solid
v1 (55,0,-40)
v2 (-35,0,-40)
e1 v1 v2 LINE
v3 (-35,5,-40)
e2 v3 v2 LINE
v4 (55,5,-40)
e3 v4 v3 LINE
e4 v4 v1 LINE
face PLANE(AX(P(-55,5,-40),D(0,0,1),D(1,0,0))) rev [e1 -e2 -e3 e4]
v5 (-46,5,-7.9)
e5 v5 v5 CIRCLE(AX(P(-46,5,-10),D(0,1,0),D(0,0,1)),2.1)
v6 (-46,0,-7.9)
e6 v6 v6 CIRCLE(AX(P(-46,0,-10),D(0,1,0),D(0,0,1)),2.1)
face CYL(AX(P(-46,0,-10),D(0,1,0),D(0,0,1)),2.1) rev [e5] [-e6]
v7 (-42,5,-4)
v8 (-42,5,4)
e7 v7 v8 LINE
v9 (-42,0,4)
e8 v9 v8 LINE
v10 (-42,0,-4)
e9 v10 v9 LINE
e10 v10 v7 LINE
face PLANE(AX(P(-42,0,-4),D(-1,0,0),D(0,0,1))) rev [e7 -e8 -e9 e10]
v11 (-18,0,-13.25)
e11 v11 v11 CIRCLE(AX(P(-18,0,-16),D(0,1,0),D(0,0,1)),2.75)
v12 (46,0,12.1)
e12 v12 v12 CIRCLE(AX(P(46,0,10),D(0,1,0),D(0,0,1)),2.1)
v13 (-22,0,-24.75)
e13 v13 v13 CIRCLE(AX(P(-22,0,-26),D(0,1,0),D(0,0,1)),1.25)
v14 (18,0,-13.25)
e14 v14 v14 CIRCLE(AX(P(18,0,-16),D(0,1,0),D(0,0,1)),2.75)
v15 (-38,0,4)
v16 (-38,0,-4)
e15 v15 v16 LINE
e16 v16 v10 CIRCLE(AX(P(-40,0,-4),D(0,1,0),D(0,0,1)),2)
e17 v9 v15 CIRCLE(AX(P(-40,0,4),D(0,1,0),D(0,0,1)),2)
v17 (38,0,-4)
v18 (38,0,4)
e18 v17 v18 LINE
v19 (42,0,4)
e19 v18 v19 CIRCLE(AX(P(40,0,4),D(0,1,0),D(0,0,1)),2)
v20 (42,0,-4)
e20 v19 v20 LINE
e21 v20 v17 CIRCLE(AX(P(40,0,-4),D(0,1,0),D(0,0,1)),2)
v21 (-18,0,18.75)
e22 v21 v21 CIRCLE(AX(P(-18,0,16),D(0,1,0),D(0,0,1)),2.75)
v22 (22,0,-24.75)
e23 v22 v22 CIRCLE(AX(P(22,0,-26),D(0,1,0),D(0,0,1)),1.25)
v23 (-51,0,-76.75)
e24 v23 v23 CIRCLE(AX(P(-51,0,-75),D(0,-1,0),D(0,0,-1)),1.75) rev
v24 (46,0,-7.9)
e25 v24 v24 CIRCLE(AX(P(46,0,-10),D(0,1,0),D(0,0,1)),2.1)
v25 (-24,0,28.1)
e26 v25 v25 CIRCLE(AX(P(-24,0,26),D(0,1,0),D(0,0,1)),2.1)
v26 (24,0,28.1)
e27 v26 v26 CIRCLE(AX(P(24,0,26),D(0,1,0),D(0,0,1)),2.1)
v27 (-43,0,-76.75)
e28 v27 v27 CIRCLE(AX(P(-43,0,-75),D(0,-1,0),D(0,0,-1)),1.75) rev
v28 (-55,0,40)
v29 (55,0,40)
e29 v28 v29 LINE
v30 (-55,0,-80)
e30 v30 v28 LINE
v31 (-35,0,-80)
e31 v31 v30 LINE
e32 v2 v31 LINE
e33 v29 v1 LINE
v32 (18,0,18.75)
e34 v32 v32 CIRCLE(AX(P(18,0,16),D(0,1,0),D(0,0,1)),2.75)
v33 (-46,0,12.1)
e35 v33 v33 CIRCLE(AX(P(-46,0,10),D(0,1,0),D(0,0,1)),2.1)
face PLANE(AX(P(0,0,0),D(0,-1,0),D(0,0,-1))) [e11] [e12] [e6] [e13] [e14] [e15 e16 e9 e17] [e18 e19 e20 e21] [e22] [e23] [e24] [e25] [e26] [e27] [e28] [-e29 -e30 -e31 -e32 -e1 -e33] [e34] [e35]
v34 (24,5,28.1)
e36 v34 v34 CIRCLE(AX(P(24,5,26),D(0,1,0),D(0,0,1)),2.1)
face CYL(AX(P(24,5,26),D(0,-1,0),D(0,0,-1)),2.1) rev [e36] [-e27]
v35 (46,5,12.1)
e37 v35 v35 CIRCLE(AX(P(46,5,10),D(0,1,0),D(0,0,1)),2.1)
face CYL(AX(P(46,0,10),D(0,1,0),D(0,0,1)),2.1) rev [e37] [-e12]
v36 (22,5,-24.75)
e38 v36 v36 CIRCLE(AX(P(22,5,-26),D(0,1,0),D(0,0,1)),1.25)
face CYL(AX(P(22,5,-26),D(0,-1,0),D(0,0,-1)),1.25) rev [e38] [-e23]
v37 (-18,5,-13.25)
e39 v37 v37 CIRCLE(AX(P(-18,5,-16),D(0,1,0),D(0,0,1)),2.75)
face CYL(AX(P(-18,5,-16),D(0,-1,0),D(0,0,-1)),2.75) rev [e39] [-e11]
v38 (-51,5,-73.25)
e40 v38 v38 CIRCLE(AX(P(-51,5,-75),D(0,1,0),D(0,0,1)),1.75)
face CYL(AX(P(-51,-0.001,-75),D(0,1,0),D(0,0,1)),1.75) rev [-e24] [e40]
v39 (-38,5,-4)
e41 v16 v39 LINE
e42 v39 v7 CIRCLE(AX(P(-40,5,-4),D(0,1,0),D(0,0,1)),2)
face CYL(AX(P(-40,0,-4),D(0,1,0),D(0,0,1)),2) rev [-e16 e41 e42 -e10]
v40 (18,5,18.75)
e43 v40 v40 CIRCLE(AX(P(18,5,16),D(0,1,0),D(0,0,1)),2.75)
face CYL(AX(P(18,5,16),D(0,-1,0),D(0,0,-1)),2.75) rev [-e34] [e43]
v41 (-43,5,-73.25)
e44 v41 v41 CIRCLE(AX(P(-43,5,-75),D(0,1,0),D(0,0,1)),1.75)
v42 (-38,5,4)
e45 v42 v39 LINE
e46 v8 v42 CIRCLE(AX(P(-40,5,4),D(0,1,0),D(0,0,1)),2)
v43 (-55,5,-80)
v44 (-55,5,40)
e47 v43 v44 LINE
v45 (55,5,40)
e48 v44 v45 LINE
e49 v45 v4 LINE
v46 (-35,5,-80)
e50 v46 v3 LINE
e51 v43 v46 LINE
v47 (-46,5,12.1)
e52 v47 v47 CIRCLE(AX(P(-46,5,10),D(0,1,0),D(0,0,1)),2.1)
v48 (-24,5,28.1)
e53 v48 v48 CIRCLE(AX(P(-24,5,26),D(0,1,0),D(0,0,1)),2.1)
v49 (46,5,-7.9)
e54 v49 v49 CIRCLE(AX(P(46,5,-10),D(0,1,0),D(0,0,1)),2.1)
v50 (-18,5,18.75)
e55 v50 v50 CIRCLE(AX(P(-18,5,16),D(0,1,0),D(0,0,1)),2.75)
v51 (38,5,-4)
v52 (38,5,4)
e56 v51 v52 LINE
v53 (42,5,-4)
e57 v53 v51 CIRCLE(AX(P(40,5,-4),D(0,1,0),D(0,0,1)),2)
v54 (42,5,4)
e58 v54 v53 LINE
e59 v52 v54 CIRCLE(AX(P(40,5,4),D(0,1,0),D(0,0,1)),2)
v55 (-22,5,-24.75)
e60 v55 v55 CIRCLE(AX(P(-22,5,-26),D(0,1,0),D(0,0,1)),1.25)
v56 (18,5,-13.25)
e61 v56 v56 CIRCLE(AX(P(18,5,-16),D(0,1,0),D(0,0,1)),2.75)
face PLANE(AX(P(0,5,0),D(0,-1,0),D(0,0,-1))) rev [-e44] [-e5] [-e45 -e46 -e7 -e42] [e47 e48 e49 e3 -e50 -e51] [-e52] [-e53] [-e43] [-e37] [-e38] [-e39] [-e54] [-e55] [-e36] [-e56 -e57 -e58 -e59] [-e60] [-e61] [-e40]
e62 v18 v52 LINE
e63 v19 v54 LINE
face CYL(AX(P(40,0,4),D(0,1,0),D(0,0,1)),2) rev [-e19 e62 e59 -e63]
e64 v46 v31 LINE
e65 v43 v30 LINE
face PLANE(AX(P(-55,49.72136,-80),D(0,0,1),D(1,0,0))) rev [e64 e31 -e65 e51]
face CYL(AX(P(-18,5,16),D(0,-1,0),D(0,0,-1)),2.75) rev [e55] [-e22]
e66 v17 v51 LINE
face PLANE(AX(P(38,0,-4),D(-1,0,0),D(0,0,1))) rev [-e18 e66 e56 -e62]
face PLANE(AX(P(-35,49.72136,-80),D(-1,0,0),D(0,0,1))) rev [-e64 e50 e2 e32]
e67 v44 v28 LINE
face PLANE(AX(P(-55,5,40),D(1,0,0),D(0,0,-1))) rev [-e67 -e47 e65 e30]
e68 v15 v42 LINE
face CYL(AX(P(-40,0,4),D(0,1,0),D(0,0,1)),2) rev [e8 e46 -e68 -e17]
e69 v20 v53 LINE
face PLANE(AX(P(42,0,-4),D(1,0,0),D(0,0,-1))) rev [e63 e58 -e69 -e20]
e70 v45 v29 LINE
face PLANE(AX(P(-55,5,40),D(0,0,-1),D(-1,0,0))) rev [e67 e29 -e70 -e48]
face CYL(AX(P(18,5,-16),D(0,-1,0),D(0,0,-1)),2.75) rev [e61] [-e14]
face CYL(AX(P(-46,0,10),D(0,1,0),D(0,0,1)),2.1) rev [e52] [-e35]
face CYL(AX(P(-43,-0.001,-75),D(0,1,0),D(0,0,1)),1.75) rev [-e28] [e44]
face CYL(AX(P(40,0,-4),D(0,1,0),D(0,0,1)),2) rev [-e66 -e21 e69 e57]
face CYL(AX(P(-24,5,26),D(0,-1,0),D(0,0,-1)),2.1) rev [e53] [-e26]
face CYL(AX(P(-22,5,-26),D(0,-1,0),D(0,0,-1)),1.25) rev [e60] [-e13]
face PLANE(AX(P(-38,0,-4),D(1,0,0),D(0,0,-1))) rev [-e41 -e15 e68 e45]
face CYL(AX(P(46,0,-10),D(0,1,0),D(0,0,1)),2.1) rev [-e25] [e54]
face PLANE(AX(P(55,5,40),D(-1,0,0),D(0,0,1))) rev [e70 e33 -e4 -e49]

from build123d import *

# Parameters (mm, degrees)
SKETCH1_W           = 110
SKETCH1_H           = 80
SKETCH1_R           = 2.75
SKETCH1_R_2         = 1.25
SKETCH1_R_3         = 2.1
BOSS_EXTRUDE1_DEPTH = 5
SKETCH2_R           = 2.1
CUT_EXTRUDE1_DEPTH  = 69.190908485
SKETCH7_W           = 20
SKETCH7_H           = 40
BOSS_EXTRUDE2_DEPTH = 5
CUT_EXTRUDE2_REACH  = 99.211
SKETCH8_R           = 1.75


with BuildPart() as part:
    # Sketch1 → Boss-Extrude1 (new body)
    with BuildSketch(Plane(origin=(0, 0, 0), x_dir=(1, 0, 0), z_dir=(0, 1, 0))):
        Rectangle(SKETCH1_W, SKETCH1_H)
        with Locations(Location((-18, 16, 0), (0, 0, 270))):
            Circle(SKETCH1_R, mode=Mode.SUBTRACT)
        with Locations(Location((18, 16, 0), (0, 0, 270))):
            Circle(SKETCH1_R, mode=Mode.SUBTRACT)
        with Locations(Location((18, -16, 0), (0, 0, 270))):
            Circle(SKETCH1_R, mode=Mode.SUBTRACT)
        with Locations(Location((-18, -16, 0), (0, 0, 270))):
            Circle(SKETCH1_R, mode=Mode.SUBTRACT)
        with Locations(Location((-22, 26, 0), (0, 0, 270))):
            Circle(SKETCH1_R_2, mode=Mode.SUBTRACT)
        with Locations(Location((22, 26, 0), (0, 0, 270))):
            Circle(SKETCH1_R_2, mode=Mode.SUBTRACT)
        with Locations(Location((-24, -26, 0), (0, 0, 270))):
            Circle(SKETCH1_R_3, mode=Mode.SUBTRACT)
        with Locations(Location((24, -26, 0), (0, 0, 270))):
            Circle(SKETCH1_R_3, mode=Mode.SUBTRACT)
    extrude(amount=BOSS_EXTRUDE1_DEPTH)

    # Sketch2 → Cut-Extrude1 (cut, through all)
    with BuildSketch(Plane(origin=(0, 5, 0), x_dir=(1, 0, 0), z_dir=(0, 1, 0))):
        with Locations(Location((-46, 10, 0), (0, 0, 270))):
            Circle(SKETCH2_R)
        with Locations(Location((-46, -10, 0), (0, 0, 270))):
            Circle(SKETCH2_R)
        with Locations(Location((46, -10, 0), (0, 0, 270))):
            Circle(SKETCH2_R)
        with Locations(Location((46, 10, 0), (0, 0, 270))):
            Circle(SKETCH2_R)
        with BuildLine():
            Line((-38, 4), (-38, -4))
            ThreePointArc((-38, -4), (-40, -6), (-42, -4))
            Line((-42, -4), (-42, 4))
            ThreePointArc((-42, 4), (-40, 6), (-38, 4))
        make_face()
        with BuildLine():
            Line((42, 4), (42, -4))
            ThreePointArc((42, -4), (40, -6), (38, -4))
            Line((38, -4), (38, 4))
            ThreePointArc((38, 4), (40, 6), (42, 4))
        make_face()
    extrude(amount=-CUT_EXTRUDE1_DEPTH, mode=Mode.SUBTRACT)

    # Sketch7 → Boss-Extrude2 (add)
    with BuildSketch(Plane(origin=(0, 0, 0), x_dir=(1, 0, 0), z_dir=(0, 1, 0))):
        with Locations((-45, 60)):
            Rectangle(SKETCH7_W, SKETCH7_H)
    extrude(amount=BOSS_EXTRUDE2_DEPTH)

    # Sketch8 → Cut-Extrude2 (cut, up to next)
    with BuildSketch(Plane(origin=(0, 5, 0), x_dir=(1, 0, 0), z_dir=(0, 1, 0)), mode=Mode.PRIVATE) as cut_extrude2_sk1:
        with Locations(Location((-51, 75, 0), (0, 0, 270))):
            Circle(SKETCH8_R)
    cut_extrude2_tool1 = extrude(cut_extrude2_sk1.sketch, amount=-CUT_EXTRUDE2_REACH, mode=Mode.PRIVATE) & part.part
    # Sketch8 → Cut-Extrude2 (cut, up to next)
    with BuildSketch(Plane(origin=(0, 5, 0), x_dir=(1, 0, 0), z_dir=(0, 1, 0)), mode=Mode.PRIVATE) as cut_extrude2_sk2:
        with Locations(Location((-43, 75, 0), (0, 0, 270))):
            Circle(SKETCH8_R)
    cut_extrude2_tool2 = extrude(cut_extrude2_sk2.sketch, amount=-CUT_EXTRUDE2_REACH, mode=Mode.PRIVATE) & part.part
    add(cut_extrude2_tool1.solids().sort_by_distance((-51, 5, -75))[0], mode=Mode.SUBTRACT)
    add(cut_extrude2_tool2.solids().sort_by_distance((-43, 5, -75))[0], mode=Mode.SUBTRACT)


solid = part.part
